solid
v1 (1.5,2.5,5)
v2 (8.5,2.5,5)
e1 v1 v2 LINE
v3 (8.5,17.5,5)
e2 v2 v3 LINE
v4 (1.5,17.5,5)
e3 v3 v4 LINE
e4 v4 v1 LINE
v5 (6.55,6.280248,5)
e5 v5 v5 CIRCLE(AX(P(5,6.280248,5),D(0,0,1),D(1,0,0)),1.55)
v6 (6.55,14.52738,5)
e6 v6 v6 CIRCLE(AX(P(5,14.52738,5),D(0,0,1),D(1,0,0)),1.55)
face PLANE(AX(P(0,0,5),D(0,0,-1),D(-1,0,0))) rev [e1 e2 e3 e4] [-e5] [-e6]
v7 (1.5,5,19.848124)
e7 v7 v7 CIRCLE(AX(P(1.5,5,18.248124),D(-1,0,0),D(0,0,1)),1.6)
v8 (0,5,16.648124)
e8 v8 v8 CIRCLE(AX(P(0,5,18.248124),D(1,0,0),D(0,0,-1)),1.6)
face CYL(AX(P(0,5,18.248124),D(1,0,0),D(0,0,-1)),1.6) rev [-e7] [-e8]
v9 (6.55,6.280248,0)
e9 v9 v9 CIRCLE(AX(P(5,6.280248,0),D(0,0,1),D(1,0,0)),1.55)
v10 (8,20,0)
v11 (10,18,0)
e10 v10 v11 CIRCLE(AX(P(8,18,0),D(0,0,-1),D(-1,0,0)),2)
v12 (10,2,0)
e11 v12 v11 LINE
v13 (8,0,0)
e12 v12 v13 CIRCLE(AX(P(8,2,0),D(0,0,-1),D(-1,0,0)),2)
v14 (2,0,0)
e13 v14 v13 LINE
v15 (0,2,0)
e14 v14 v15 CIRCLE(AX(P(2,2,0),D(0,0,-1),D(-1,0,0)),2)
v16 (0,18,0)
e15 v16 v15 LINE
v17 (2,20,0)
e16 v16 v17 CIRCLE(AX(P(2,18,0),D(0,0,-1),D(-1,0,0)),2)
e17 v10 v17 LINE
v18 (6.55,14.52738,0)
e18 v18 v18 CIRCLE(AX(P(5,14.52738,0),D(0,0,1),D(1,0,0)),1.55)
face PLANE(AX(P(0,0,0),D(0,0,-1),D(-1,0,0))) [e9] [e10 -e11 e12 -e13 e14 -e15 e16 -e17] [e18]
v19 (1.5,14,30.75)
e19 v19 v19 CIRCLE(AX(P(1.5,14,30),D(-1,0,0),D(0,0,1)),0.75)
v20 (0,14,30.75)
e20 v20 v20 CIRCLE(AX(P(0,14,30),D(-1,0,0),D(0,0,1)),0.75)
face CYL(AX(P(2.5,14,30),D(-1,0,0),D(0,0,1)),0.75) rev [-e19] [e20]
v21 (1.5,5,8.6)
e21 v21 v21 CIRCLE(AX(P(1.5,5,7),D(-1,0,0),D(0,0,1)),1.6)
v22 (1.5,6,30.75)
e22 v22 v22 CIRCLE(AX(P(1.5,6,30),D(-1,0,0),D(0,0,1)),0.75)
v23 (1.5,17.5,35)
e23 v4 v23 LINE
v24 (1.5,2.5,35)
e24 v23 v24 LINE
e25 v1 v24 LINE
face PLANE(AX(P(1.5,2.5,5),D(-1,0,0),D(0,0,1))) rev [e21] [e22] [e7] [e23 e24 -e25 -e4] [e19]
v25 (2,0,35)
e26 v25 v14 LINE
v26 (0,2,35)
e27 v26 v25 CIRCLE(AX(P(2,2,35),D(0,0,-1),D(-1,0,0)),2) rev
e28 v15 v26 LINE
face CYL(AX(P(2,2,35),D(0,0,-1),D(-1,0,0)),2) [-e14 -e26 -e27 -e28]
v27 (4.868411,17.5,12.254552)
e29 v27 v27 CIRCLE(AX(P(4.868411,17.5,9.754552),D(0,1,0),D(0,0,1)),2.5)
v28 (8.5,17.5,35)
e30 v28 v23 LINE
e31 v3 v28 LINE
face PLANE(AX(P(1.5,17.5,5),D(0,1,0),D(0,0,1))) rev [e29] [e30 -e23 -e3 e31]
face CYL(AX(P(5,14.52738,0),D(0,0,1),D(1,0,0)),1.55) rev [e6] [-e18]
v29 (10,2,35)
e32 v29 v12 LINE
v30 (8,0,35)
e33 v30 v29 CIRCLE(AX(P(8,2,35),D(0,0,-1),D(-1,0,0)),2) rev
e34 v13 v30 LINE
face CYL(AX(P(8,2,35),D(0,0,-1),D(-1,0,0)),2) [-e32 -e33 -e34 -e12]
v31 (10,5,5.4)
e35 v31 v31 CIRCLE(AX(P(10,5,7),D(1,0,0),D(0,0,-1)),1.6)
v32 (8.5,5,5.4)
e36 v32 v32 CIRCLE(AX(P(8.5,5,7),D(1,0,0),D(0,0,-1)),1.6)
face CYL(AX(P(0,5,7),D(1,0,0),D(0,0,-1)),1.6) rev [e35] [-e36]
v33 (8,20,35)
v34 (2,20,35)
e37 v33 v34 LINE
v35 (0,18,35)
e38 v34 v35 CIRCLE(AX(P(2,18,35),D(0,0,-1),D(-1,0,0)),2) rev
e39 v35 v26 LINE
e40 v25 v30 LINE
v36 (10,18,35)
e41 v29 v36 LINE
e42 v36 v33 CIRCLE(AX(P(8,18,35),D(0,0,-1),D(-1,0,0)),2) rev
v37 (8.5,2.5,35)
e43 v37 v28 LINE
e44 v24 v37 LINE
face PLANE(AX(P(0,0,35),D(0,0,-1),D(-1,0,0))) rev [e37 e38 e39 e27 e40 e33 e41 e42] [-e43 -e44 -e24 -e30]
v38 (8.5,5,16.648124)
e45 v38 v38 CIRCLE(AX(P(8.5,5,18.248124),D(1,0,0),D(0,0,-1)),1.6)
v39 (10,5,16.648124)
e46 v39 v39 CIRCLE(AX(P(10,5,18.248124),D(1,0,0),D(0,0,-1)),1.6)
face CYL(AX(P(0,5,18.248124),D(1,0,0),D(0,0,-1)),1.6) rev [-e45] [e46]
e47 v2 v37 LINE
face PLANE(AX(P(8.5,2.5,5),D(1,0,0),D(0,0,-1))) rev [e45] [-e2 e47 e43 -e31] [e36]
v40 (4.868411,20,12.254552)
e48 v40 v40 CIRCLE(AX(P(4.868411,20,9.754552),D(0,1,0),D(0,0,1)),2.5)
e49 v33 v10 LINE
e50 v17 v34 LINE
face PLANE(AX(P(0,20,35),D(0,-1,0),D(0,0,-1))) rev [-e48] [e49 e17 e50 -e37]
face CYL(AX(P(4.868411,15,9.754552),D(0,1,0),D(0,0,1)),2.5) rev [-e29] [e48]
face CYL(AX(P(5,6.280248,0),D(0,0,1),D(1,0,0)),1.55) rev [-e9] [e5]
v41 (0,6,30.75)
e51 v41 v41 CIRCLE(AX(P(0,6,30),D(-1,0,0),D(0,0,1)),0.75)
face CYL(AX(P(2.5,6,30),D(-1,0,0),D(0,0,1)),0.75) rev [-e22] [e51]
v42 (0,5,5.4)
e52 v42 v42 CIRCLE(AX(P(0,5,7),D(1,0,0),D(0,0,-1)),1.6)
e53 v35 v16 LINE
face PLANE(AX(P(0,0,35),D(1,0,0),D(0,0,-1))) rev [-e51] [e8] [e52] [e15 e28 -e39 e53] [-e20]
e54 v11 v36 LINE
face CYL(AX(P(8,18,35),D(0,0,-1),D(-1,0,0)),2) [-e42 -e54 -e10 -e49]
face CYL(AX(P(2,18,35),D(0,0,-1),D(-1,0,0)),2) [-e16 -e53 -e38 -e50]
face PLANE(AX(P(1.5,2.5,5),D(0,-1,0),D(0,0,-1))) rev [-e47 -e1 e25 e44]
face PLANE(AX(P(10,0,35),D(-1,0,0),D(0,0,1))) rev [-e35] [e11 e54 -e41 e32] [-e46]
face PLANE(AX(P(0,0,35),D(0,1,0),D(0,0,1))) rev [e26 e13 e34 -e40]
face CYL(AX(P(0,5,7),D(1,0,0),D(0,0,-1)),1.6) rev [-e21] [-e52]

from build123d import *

# Parameters (mm, degrees)
ESQUISSE1_W             = 10
ESQUISSE1_H             = 20
BOSS_EXTRU_1_DEPTH      = 35
ESQUISSE2_W             = 7
ESQUISSE2_H             = 15
ENL_V_MAT_EXTRU_1_DEPTH = 30
ESQUISSE3_R             = 1.55
ENL_V_MAT_EXTRU_2_DEPTH = 38.416573868
ESQUISSE4_R             = 2.5
ENL_V_MAT_EXTRU_3_DEPTH = 5
ESQUISSE5_R             = 0.75
ENL_V_MAT_EXTRU_4_DEPTH = 2.5
CONG_1_R                = 2
ESQUISSE6_R             = 1.6
ENL_V_MAT_EXTRU_5_DEPTH = 42.533119315


with BuildPart() as part:
    # Esquisse1 → Boss.-Extru.1 (new body)
    with BuildSketch(Plane.XY):
        with Locations((5, 10)):
            Rectangle(ESQUISSE1_W, ESQUISSE1_H)
    extrude(amount=BOSS_EXTRU_1_DEPTH)

    # Esquisse2 → Enlèv. mat.-Extru.1 (cut)
    with BuildSketch(Plane.XY.offset(35)):
        with Locations((5, 10)):
            Rectangle(ESQUISSE2_W, ESQUISSE2_H)
    extrude(amount=-ENL_V_MAT_EXTRU_1_DEPTH, mode=Mode.SUBTRACT)

    # Esquisse3 → Enlèv. mat.-Extru.2 (cut, through all)
    with BuildSketch(Plane.XY.offset(5)):
        with Locations((5, 14.527380154)):
            Circle(ESQUISSE3_R)
        with Locations((5, 6.280248244)):
            Circle(ESQUISSE3_R)
    extrude(amount=-ENL_V_MAT_EXTRU_2_DEPTH, mode=Mode.SUBTRACT)

    # Esquisse4 → Enlèv. mat.-Extru.3 (cut)
    with BuildSketch(Plane(origin=(0, 20, 0), x_dir=(1, 0, 0), z_dir=(0, 1, 0))):
        with Locations(Location((4.86841115, -9.754551776, 0), (0, 0, 270))):
            Circle(ESQUISSE4_R)
    extrude(amount=-ENL_V_MAT_EXTRU_3_DEPTH, mode=Mode.SUBTRACT)

    # Esquisse5 → Enlèv. mat.-Extru.4 (cut)
    with BuildSketch(Plane.ZY):
        with Locations((30, 14)):
            Circle(ESQUISSE5_R)
        with Locations((30, 6)):
            Circle(ESQUISSE5_R)
    extrude(amount=-ENL_V_MAT_EXTRU_4_DEPTH, mode=Mode.SUBTRACT)

    # Congé1
    cong_1_edges = [part.edges().sort_by_distance(p)[0] for p in [
        (0, 20, 17.5),
        (10, 20, 17.5),
        (10, 0, 17.5),
        (0, 0, 17.5),
    ]]
    fillet(cong_1_edges, radius=CONG_1_R)

    # Esquisse6 → Enlèv. mat.-Extru.5 (cut, through all)
    with BuildSketch(Plane(origin=(10, 0, 0), x_dir=(0, 0, -1), z_dir=(1, 0, 0))):
        with Locations((-7, 5)):
            Circle(ESQUISSE6_R)
        with Locations((-18.24812381, 5)):
            Circle(ESQUISSE6_R)
    extrude(amount=-ENL_V_MAT_EXTRU_5_DEPTH, mode=Mode.SUBTRACT)


solid = part.part
